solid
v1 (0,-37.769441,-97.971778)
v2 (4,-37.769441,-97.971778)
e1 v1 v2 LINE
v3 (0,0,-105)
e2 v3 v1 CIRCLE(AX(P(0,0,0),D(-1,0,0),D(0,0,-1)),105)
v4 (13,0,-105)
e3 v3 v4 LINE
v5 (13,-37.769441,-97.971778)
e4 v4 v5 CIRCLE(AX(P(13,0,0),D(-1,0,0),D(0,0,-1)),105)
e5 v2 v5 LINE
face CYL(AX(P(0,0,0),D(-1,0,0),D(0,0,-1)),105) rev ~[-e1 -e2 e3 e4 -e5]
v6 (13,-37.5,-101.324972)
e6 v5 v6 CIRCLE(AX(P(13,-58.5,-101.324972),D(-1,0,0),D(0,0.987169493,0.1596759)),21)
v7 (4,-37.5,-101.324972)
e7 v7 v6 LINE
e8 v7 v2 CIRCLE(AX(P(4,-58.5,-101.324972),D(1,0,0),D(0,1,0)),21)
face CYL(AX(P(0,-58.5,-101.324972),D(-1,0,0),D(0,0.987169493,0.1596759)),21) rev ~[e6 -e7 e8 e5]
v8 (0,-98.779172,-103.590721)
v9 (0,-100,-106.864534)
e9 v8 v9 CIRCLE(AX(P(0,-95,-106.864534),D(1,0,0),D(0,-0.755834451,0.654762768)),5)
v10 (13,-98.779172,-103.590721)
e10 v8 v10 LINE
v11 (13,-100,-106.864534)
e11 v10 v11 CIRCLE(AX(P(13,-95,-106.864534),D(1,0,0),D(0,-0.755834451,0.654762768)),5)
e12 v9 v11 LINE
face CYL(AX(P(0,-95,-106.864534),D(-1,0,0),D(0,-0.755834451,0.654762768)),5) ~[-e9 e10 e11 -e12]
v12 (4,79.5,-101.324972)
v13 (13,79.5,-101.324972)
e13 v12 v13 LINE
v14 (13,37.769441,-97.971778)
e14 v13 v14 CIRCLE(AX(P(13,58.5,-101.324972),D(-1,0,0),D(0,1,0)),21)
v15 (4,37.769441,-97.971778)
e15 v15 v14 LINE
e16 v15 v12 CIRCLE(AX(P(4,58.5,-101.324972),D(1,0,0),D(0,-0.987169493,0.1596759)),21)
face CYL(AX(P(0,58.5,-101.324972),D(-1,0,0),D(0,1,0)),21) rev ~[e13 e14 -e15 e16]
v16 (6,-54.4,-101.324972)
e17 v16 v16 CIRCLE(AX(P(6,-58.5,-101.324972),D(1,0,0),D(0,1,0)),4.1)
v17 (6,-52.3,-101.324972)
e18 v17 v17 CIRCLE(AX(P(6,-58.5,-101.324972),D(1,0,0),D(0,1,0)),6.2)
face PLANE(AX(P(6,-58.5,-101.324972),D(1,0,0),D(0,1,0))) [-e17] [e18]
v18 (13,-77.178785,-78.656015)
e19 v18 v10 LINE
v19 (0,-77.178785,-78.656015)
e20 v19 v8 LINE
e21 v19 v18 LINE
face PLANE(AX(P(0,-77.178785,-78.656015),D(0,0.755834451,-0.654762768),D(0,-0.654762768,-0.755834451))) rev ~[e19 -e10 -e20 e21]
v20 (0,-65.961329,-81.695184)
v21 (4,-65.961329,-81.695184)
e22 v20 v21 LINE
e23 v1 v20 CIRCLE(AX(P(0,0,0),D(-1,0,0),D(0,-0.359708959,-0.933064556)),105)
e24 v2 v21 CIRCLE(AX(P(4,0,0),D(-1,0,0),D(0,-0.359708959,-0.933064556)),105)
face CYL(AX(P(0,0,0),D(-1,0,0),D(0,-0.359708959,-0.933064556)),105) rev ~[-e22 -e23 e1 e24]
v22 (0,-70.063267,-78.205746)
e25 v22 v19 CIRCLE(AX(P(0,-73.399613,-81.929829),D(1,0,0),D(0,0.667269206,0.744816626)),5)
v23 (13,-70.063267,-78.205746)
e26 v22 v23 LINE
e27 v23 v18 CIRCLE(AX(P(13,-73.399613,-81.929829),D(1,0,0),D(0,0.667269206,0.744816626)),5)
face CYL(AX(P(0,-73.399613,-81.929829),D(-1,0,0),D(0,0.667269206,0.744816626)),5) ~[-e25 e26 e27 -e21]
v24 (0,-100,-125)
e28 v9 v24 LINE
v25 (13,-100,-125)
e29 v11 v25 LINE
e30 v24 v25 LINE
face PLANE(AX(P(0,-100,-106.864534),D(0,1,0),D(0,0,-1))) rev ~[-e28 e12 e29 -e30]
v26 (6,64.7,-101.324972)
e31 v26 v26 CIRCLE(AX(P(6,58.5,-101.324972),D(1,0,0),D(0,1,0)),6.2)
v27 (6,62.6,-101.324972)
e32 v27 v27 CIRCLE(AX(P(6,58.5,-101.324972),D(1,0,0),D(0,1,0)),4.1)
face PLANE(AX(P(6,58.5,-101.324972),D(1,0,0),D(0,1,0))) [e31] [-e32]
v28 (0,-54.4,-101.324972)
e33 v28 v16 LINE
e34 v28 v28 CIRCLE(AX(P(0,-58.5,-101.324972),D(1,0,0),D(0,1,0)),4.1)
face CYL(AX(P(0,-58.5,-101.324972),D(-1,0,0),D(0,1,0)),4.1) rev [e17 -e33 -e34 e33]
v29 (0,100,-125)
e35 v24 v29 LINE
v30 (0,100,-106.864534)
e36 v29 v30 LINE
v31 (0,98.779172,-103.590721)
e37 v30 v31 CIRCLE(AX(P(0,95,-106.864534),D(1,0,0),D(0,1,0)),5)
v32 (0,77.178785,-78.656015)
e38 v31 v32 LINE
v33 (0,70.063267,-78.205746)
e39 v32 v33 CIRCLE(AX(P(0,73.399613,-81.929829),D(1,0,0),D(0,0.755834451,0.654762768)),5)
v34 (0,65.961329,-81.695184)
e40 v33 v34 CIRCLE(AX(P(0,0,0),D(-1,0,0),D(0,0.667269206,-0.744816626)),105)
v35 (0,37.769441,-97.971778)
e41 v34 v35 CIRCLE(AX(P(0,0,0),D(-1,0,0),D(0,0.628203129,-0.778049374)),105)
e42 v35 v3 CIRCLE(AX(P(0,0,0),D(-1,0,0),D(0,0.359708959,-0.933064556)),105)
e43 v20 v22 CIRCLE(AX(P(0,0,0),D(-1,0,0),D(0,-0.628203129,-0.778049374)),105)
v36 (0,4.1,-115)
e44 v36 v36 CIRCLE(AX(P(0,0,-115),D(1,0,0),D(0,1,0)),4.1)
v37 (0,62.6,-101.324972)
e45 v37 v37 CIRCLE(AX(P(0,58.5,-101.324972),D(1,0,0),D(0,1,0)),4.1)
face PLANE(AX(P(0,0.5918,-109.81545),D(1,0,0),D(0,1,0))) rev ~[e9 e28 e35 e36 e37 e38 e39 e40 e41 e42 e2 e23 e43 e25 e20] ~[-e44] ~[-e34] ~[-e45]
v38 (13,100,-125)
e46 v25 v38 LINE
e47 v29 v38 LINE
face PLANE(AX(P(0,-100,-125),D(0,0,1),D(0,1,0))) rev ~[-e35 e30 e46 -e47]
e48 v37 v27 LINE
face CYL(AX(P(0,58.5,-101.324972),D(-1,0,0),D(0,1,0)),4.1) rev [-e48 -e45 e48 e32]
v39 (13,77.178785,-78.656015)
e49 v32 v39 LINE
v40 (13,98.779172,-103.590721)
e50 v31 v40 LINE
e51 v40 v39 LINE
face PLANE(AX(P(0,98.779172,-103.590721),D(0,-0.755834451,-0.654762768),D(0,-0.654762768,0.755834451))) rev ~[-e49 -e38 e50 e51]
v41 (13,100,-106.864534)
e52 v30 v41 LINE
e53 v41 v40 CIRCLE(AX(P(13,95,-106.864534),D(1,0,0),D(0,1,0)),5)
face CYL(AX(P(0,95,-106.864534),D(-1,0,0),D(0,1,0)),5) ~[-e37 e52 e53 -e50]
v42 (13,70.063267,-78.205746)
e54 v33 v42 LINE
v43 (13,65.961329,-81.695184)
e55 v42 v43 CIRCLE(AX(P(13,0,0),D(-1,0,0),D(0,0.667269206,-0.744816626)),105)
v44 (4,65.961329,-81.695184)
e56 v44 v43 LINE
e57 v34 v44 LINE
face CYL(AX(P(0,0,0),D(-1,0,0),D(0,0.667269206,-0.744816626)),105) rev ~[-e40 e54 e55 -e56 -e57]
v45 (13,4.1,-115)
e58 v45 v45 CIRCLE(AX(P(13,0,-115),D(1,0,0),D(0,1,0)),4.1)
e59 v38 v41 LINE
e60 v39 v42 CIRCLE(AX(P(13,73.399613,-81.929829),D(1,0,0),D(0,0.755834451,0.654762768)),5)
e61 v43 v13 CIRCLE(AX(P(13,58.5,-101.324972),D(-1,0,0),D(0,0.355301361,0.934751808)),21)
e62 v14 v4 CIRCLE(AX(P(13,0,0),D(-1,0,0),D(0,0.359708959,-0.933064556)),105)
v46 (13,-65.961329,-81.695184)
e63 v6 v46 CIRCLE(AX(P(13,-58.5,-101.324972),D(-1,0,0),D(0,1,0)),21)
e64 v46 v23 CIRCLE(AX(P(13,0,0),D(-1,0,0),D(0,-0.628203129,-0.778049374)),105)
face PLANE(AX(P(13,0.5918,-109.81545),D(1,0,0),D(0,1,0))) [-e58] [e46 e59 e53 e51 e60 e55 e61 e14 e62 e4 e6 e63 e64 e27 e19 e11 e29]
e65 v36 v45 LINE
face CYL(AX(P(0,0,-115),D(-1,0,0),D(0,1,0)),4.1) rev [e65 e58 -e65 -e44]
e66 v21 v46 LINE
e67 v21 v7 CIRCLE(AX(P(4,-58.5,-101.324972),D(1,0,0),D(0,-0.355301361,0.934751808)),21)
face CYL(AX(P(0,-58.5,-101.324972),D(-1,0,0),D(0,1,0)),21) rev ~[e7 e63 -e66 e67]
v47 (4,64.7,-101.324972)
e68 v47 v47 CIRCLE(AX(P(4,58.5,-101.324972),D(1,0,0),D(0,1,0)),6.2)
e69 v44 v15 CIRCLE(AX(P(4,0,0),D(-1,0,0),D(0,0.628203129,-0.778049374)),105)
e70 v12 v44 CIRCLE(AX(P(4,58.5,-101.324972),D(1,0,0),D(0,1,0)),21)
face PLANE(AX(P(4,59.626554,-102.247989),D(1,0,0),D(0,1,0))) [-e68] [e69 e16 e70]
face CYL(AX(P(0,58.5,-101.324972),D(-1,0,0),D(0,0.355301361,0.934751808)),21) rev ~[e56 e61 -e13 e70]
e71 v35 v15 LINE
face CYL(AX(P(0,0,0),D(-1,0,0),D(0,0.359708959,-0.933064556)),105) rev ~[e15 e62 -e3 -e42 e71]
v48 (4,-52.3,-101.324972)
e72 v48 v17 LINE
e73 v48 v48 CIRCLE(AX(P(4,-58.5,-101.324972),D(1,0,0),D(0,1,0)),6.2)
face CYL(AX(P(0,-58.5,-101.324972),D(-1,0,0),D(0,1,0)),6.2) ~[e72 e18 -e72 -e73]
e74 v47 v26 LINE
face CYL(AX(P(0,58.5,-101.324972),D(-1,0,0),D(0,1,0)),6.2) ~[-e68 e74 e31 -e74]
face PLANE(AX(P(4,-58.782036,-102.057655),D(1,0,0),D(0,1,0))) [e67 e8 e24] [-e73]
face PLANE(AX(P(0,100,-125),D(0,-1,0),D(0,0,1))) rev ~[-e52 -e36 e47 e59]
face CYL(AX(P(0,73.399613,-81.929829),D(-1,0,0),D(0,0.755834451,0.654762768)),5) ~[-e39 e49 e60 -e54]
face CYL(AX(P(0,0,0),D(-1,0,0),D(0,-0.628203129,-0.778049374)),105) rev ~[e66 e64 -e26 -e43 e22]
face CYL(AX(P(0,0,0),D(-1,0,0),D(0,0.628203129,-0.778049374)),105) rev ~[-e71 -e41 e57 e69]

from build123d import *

# Parameters (mm, degrees)
F0_R     = 6.2
F0_R_2   = 4.1
F1_DEPTH = 6
F2_DEPTH = 4
F3_DEPTH = 13


with BuildPart() as f1:
    # F0 (on Right) → F1 (new body)
    with BuildSketch(Plane.YZ):
        with Locations((58.5, -101.3249722428)):
            Circle(F0_R)
        with Locations((58.5, -101.3249722428)):
            Circle(F0_R_2, mode=Mode.SUBTRACT)
    extrude(amount=F1_DEPTH)

    # F0 (on Right) → F2, piece 2 (join)
    with BuildSketch(Plane.YZ):
        with BuildLine():
            ThreePointArc((79.5, -101.3249722428), (75.7871035755, -89.4020510416), (65.9613285744, -81.6951842687))
            ThreePointArc((65.9613285744, -81.6951842687), (52.5, -90.9326673974), (37.7694406564, -97.9717783471))
            ThreePointArc((37.7694406564, -97.9717783471), (56.8179991402, -122.2575036976), (79.5, -101.3249722428))
        make_face()
        with Locations((58.5, -101.3249722428)):
            Circle(F0_R, mode=Mode.SUBTRACT)
    extrude(amount=F2_DEPTH)



with BuildPart() as f1b:
    # F0 (on Right) → F1, piece 2 (new body)
    with BuildSketch(Plane.YZ):
        with Locations((-58.5, -101.3249722428)):
            Circle(F0_R)
        with Locations((-58.5, -101.3249722428)):
            Circle(F0_R_2, mode=Mode.SUBTRACT)
    extrude(amount=F1_DEPTH)

    # F0 (on Right) → F2 (join)
    with BuildSketch(Plane.YZ):
        with BuildLine():
            ThreePointArc((-37.7694406564, -97.9717783471), (-52.5, -90.9326673974), (-65.9613285744, -81.6951842687))
            ThreePointArc((-65.9613285744, -81.6951842687), (-70.4229212012, -118.6120758183), (-37.5, -101.3249722428))
            ThreePointArc((-37.5, -101.3249722428), (-37.5674685452, -99.642971383), (-37.7694406564, -97.9717783471))
        make_face()
        with Locations((-58.5, -101.3249722428)):
            Circle(F0_R, mode=Mode.SUBTRACT)
    extrude(amount=F2_DEPTH)


with BuildPart() as f1_1:
    add(f1.part)

    add(f1b.part)  # F3 merges F1b
    # F0 (on Right) → F3 (join)
    with BuildSketch(Plane.YZ):
        with BuildLine():
            ThreePointArc((-37.5, -101.3249722428), (-70.4229212012, -118.6120758183), (-65.9613285744, -81.6951842687))
            ThreePointArc((-65.9613285744, -81.6951842687), (-68.0346725838, -79.9767674166), (-70.0632666757, -78.2057457143))
            ThreePointArc((-70.0632666757, -78.2057457143), (-73.7153806196, -76.9398097428), (-77.1787849633, -78.6560150029))
            Line((-77.1787849633, -78.6560150029), (-98.7791722555, -103.5907206196))
            ThreePointArc((-98.7791722555, -103.5907206196), (-99.6848618591, -105.1175171847), (-100, -106.8645344603))
            Line((-100, -106.8645344603), (-100, -125))
            Line((-100, -125), (0, -125))
            Line((0, -125), (100, -125))
            Line((100, -125), (100, -106.8645344603))
            ThreePointArc((100, -106.8645344603), (99.6848618591, -105.1175171847), (98.7791722555, -103.5907206196))
            Line((98.7791722555, -103.5907206196), (77.1787849633, -78.6560150029))
            ThreePointArc((77.1787849633, -78.6560150029), (73.7153806196, -76.9398097428), (70.0632666757, -78.2057457143))
            ThreePointArc((70.0632666757, -78.2057457143), (68.0346725838, -79.9767674166), (65.9613285744, -81.6951842687))
            ThreePointArc((65.9613285744, -81.6951842687), (75.7871035755, -89.4020510416), (79.5, -101.3249722428))
            ThreePointArc((79.5, -101.3249722428), (56.8179991402, -122.2575036976), (37.7694406564, -97.9717783471))
            ThreePointArc((37.7694406564, -97.9717783471), (19.2088947307, -103.2279921495), (0, -105))
            ThreePointArc((0, -105), (-19.2088947307, -103.2279921495), (-37.7694406564, -97.9717783471))
            ThreePointArc((-37.7694406564, -97.9717783471), (-37.5674685452, -99.642971383), (-37.5, -101.3249722428))
        make_face()
        with Locations((0, -115)):
            Circle(F0_R_2, mode=Mode.SUBTRACT)
    extrude(amount=F3_DEPTH)


solid = f1_1.part
